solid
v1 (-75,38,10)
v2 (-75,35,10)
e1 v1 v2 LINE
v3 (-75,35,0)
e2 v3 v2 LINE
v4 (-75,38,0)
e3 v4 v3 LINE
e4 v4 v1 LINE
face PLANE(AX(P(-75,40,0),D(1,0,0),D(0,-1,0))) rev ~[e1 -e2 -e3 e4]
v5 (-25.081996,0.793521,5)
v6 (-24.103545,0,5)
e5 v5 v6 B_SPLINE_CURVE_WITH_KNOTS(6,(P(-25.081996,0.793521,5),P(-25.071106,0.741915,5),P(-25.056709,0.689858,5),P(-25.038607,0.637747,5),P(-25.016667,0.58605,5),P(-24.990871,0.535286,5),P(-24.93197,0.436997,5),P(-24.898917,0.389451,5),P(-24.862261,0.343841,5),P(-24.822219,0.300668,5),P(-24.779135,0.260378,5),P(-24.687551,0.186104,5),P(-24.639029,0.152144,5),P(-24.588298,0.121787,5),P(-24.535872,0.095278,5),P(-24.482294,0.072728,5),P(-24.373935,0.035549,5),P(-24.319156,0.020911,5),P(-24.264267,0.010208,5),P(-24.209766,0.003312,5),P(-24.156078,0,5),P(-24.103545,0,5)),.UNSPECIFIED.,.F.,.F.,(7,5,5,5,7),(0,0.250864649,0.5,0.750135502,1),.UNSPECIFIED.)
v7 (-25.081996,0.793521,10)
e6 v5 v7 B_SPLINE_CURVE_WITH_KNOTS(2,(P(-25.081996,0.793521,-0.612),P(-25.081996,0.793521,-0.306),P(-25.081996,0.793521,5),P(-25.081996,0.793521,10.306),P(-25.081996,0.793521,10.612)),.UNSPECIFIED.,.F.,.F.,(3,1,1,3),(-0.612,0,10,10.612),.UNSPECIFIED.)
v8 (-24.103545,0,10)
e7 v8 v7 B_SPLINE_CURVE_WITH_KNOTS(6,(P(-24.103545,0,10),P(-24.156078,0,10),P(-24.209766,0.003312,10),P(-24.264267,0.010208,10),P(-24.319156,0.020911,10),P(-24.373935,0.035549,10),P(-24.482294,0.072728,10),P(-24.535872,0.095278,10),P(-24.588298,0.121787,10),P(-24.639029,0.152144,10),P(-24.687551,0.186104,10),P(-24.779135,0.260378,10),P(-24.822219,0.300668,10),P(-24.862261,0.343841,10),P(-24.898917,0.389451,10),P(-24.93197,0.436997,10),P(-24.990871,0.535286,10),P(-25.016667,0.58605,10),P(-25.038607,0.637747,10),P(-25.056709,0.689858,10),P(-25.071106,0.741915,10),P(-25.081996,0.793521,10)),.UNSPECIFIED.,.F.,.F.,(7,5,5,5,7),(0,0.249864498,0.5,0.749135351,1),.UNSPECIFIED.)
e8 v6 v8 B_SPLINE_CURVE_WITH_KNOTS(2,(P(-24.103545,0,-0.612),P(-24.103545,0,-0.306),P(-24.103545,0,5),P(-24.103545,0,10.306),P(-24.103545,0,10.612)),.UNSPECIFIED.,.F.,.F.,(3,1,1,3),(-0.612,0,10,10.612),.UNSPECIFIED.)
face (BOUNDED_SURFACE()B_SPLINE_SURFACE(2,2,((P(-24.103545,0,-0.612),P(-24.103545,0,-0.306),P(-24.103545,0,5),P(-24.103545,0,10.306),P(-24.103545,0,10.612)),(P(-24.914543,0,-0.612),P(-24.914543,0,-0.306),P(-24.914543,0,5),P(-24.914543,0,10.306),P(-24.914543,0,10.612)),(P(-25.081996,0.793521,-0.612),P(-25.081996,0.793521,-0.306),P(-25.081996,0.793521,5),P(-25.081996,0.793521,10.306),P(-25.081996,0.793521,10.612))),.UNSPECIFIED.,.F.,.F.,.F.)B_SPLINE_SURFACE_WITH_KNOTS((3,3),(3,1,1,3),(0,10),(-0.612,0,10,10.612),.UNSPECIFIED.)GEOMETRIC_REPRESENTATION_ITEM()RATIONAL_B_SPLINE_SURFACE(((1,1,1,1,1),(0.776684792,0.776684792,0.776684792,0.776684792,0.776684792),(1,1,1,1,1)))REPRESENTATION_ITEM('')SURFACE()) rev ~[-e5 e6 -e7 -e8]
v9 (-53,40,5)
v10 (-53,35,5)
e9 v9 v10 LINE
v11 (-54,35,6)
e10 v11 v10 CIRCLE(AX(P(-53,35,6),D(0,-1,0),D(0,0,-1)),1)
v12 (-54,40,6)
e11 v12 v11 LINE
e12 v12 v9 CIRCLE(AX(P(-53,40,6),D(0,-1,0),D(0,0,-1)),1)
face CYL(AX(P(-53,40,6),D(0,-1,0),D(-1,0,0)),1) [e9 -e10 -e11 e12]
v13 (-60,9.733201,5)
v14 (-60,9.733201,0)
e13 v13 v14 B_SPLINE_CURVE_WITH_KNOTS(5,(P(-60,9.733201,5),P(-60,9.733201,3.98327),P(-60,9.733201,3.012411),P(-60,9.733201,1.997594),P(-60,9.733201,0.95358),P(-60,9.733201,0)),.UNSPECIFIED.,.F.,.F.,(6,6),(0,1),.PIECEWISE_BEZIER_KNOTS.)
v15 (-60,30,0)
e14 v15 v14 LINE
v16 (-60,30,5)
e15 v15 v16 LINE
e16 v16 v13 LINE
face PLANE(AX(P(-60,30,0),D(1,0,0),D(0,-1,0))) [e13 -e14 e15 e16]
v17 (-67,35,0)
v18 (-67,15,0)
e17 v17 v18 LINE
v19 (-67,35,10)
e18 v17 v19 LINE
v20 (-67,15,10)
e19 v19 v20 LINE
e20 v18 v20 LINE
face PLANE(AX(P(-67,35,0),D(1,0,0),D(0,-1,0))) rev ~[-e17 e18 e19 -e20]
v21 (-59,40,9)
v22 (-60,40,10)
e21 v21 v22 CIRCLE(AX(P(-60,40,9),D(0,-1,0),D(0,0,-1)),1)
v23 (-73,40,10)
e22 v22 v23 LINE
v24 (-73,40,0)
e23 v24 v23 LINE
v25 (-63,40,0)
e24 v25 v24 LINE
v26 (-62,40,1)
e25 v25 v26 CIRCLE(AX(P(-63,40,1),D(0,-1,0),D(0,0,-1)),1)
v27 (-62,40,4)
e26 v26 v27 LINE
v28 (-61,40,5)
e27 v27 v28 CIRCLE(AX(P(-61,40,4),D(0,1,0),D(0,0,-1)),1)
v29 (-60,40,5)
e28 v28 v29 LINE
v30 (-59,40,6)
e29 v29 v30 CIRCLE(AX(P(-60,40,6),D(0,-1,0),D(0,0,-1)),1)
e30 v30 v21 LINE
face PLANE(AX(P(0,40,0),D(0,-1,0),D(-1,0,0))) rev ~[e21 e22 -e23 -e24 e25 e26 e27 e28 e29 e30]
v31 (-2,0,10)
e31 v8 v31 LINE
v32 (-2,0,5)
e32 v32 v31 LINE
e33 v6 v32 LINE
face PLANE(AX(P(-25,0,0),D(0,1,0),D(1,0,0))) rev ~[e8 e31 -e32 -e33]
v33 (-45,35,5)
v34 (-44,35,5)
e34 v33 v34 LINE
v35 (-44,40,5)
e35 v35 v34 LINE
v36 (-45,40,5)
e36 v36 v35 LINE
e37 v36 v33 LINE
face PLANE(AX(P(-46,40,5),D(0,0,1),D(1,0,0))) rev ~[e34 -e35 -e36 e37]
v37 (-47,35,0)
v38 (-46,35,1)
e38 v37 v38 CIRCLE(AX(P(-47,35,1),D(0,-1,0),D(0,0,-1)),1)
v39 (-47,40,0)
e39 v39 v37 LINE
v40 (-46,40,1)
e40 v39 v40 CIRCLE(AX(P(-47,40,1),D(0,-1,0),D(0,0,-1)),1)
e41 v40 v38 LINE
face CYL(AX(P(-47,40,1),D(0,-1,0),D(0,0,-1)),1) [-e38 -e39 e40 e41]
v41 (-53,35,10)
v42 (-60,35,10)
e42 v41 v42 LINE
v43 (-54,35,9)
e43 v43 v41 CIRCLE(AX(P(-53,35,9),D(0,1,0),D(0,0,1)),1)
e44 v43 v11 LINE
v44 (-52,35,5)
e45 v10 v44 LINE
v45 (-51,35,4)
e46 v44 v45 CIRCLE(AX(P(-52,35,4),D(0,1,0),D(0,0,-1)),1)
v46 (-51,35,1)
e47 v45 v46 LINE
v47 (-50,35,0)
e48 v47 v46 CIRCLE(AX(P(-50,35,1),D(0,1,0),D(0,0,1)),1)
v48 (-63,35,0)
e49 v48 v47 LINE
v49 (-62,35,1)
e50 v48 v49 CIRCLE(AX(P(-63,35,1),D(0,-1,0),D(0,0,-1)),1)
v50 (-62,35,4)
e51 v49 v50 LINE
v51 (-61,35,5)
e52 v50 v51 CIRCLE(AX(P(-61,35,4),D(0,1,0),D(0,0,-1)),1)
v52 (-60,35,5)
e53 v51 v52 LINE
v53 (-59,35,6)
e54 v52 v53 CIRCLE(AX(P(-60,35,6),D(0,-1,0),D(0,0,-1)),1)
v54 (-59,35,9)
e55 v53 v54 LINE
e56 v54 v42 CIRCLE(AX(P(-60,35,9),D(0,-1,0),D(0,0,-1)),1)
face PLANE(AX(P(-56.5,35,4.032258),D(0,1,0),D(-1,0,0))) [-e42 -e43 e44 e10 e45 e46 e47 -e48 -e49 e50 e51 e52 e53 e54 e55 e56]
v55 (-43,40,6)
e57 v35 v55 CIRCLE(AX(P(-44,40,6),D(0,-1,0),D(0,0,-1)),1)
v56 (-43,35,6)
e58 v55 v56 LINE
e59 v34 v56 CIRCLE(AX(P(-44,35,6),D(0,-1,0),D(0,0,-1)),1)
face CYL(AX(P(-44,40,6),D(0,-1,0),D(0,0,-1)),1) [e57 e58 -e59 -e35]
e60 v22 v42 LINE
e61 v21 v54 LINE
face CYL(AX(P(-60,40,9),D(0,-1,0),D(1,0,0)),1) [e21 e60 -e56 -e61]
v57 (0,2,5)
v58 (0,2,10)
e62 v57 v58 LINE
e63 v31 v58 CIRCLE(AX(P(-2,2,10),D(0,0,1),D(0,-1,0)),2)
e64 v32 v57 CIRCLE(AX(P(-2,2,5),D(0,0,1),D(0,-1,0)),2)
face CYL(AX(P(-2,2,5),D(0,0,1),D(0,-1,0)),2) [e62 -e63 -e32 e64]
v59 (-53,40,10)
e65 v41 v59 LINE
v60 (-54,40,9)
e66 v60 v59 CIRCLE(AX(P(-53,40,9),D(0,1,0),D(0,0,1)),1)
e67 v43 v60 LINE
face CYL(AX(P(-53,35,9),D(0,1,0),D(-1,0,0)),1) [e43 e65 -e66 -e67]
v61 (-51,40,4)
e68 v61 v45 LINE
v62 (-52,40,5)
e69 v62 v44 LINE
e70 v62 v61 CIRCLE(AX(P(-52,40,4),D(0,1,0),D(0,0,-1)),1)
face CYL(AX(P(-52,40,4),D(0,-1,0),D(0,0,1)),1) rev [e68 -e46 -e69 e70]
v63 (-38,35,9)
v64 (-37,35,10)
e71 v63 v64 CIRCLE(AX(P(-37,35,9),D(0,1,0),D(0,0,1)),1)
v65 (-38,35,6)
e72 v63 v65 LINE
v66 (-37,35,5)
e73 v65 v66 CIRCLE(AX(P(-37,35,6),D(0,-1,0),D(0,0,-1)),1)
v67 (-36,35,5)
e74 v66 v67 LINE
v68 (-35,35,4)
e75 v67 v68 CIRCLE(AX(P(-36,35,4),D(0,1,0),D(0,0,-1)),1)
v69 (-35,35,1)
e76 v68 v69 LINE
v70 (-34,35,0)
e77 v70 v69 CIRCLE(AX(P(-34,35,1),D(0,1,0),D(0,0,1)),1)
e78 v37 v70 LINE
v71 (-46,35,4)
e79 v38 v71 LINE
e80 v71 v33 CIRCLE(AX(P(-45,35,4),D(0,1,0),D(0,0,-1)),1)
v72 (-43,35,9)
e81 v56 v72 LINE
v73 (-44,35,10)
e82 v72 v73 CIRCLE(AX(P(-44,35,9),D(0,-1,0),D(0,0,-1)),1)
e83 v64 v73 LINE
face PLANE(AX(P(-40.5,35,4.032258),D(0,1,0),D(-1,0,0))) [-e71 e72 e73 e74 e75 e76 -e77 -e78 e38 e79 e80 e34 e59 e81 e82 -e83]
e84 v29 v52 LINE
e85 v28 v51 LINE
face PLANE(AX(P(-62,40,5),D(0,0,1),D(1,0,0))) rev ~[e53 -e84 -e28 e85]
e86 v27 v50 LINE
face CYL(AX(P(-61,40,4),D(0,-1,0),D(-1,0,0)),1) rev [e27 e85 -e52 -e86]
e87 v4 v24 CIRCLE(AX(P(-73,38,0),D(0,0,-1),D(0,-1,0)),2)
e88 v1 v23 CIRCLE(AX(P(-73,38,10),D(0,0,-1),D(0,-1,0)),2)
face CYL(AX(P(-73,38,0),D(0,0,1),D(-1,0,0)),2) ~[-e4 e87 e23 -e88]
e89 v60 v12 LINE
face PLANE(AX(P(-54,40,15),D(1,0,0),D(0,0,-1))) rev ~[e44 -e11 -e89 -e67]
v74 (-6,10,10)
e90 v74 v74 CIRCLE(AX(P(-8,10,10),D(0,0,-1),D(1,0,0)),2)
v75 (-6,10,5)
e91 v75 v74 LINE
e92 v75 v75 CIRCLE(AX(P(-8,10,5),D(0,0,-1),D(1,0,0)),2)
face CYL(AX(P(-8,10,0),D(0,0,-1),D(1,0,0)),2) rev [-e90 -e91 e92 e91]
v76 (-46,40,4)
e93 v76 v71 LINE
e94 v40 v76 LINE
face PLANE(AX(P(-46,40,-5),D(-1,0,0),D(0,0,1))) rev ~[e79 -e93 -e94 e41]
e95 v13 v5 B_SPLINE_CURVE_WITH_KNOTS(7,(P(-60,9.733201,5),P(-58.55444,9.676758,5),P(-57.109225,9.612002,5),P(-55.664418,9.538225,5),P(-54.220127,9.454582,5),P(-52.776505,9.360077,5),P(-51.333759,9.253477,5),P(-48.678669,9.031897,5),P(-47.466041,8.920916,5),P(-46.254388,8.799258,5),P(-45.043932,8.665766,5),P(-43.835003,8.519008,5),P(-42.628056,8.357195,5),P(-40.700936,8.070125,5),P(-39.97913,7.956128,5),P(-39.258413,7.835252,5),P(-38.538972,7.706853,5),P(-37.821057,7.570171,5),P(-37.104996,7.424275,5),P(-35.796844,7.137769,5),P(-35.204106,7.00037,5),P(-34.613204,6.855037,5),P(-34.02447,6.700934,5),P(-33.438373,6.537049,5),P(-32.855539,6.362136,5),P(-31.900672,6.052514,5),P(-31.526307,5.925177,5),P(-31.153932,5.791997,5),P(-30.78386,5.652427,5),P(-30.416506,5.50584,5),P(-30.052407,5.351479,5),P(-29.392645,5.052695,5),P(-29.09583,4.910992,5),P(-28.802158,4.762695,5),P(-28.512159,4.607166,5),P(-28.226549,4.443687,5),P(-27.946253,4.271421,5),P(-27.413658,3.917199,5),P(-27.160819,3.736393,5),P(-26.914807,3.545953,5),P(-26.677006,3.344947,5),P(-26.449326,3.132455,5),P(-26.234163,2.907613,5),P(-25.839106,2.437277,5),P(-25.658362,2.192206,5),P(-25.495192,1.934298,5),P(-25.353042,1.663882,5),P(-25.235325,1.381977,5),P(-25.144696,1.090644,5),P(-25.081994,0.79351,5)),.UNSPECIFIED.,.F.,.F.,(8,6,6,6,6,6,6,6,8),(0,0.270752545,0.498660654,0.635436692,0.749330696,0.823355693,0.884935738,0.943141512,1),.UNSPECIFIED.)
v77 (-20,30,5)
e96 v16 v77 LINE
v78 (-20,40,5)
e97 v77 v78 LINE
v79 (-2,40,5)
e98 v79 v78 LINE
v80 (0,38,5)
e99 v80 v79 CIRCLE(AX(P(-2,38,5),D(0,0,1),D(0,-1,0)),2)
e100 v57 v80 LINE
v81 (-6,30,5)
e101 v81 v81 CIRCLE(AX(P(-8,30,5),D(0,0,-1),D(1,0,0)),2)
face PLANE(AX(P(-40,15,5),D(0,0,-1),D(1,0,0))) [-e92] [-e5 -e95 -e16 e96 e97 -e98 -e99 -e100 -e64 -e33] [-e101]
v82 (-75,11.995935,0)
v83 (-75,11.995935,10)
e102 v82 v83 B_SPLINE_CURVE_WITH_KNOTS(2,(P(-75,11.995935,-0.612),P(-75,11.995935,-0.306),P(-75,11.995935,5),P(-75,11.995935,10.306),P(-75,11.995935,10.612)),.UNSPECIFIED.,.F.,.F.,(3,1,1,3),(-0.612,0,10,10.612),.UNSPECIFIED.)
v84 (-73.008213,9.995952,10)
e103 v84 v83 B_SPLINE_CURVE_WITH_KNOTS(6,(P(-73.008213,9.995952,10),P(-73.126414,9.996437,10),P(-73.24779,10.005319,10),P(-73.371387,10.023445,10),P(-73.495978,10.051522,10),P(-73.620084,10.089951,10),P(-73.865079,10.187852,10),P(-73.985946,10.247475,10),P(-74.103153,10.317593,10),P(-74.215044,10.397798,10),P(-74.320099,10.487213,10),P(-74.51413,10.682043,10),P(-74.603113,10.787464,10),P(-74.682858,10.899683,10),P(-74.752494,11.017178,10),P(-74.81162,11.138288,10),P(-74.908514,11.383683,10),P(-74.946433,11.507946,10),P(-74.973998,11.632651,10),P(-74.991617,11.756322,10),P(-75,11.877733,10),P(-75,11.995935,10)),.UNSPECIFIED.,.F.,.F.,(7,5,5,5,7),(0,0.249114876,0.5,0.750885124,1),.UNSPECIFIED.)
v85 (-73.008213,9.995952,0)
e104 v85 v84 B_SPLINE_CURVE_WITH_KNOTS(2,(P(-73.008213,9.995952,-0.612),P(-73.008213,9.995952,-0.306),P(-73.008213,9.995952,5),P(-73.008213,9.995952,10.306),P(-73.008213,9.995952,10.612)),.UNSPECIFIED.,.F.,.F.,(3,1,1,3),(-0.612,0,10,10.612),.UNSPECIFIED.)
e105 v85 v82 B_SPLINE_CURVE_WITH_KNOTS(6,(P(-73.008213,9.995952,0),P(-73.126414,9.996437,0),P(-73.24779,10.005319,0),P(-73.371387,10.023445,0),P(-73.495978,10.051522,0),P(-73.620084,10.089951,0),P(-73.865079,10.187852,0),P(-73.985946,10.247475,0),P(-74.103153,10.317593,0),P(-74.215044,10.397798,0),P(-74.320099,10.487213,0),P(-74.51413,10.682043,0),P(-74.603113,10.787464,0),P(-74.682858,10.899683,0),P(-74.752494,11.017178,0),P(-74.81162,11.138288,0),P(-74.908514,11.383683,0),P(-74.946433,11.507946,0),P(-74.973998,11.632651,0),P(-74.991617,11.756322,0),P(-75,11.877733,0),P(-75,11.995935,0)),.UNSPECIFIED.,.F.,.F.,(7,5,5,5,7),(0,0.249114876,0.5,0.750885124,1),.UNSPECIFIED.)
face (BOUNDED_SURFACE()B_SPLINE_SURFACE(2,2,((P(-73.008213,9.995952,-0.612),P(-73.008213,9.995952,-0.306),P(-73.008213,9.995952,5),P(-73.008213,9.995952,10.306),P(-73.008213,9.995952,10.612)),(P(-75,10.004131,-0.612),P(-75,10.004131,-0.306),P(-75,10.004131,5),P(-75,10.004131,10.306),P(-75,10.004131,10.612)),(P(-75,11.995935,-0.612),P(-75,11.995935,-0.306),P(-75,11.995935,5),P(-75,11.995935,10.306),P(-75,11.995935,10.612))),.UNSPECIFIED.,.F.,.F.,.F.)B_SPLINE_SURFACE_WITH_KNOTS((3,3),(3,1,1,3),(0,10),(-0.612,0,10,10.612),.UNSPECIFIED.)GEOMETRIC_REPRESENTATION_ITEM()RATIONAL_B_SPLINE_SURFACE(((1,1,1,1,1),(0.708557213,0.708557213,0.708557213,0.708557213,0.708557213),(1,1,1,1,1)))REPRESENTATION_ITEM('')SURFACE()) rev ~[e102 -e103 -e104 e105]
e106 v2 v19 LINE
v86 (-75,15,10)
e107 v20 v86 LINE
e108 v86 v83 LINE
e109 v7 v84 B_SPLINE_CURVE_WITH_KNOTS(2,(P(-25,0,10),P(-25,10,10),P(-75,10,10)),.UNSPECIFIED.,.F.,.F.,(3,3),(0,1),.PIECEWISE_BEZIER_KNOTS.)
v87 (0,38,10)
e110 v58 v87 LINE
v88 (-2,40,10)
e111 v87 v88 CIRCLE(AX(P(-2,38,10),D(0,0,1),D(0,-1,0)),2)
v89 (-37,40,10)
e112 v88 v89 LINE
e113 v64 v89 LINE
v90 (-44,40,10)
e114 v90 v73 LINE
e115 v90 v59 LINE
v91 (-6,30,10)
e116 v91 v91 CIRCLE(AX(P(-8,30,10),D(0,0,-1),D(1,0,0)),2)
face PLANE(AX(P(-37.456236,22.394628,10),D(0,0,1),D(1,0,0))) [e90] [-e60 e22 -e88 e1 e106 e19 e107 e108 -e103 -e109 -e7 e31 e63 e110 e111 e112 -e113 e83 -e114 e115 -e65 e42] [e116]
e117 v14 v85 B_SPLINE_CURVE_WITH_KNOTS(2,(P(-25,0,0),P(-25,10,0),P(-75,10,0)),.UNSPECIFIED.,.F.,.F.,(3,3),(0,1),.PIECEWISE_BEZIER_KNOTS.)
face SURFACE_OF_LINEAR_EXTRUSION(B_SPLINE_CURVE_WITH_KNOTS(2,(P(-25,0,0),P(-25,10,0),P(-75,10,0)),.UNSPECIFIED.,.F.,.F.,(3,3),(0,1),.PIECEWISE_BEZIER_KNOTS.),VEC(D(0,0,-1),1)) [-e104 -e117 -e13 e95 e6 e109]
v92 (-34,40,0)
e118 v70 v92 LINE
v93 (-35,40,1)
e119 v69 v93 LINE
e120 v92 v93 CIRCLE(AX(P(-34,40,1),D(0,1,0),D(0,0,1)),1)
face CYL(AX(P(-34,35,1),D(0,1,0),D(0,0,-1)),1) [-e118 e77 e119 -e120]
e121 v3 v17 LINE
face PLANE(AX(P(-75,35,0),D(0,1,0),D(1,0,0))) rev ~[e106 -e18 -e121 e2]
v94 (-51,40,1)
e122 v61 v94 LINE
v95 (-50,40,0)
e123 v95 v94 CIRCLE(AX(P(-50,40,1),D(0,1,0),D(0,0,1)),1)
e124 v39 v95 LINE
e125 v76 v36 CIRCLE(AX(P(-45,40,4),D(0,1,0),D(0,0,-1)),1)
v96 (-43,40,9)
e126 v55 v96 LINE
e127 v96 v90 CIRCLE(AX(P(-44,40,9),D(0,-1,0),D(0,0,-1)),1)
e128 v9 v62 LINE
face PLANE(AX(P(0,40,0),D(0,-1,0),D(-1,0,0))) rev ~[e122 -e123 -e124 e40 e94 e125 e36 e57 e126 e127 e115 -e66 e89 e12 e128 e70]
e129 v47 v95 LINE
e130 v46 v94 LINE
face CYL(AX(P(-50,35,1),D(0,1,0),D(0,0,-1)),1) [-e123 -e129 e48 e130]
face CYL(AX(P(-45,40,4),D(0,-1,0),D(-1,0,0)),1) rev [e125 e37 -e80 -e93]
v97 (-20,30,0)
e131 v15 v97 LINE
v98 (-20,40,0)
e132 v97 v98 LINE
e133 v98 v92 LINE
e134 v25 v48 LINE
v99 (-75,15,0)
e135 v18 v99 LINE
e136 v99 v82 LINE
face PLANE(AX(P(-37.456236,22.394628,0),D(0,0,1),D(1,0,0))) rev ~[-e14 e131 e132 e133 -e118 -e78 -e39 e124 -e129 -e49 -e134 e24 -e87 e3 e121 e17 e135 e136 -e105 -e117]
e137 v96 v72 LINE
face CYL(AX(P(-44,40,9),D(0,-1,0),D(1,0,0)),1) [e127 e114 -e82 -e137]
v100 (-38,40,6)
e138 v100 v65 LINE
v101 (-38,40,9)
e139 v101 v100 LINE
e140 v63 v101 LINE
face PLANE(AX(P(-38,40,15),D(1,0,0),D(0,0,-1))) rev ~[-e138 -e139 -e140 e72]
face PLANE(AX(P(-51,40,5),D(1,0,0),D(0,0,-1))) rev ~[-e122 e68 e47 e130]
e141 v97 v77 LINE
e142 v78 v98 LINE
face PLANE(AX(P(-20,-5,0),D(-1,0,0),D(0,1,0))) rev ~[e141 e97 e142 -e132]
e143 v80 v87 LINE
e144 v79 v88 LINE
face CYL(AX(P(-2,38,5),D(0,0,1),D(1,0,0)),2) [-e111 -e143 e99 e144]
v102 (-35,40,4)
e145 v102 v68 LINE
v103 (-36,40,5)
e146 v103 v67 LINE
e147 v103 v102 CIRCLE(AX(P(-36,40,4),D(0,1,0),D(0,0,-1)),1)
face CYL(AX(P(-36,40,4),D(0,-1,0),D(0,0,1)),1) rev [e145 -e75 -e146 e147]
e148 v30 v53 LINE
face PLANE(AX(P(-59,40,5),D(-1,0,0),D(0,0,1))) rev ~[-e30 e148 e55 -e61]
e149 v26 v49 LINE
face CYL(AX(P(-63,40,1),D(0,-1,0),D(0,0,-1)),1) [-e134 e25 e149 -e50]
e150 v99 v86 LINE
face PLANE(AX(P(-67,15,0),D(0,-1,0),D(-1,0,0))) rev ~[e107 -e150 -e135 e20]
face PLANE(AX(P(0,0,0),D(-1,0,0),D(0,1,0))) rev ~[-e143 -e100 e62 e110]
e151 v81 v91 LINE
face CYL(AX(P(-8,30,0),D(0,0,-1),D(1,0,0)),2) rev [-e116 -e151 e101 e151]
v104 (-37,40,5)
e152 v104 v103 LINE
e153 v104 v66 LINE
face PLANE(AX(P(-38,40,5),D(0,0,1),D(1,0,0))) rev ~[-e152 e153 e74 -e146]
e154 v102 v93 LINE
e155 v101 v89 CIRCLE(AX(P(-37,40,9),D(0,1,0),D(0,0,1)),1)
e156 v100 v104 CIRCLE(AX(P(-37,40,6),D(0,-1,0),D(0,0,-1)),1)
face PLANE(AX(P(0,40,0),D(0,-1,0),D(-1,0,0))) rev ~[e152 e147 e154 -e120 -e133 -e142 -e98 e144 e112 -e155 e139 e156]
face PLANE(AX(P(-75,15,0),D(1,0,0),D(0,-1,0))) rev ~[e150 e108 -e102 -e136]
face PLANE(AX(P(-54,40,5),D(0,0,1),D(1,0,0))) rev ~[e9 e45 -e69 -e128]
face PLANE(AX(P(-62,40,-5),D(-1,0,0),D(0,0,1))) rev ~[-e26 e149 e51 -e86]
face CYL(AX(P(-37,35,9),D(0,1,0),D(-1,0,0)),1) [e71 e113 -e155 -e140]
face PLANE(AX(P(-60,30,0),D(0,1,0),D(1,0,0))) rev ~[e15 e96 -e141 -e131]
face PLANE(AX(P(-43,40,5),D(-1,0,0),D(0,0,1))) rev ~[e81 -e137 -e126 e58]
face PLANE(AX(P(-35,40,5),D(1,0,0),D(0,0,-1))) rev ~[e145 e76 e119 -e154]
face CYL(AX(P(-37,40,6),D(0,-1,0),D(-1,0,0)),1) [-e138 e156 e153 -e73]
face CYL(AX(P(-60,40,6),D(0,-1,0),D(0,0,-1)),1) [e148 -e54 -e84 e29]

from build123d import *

# Parameters (mm, degrees)
PAD_DEPTH       = 10
SKETCH001_W     = 25
SKETCH001_H     = 50
POCKET_DEPTH    = 5
SKETCH002_R     = 2
POCKET001_DEPTH = 12
FILLET_R        = 2
FILLET001_R     = 1
POCKET002_DEPTH = 5
SKETCH004_W     = 40
SKETCH004_H     = 30
POCKET003_DEPTH = 5
FILLET002_R     = 1
FILLET003_R     = 1


with BuildPart() as part:
    # Sketch → Pad (new body)
    with BuildSketch(Plane.XY):
        with BuildLine():
            Line((-25, 0), (0, 0))
            Line((0, 0), (0, 40))
            Line((0, 40), (-75, 40))
            Line((-75, 40), (-75, 35))
            Line((-75, 35), (-67, 35))
            Line((-67, 35), (-67, 15))
            Line((-67, 15), (-75, 15))
            Line((-75, 15), (-75, 10))
            add(Edge.make_bspline(
                [(-25, 0), (-25, 10), (-75, 10)],
                knots=[0, 0, 0, 1, 1, 1], degree=2))
        make_face()
    extrude(amount=PAD_DEPTH)

    # Sketch001 → Pocket (cut)
    with BuildSketch(Plane.XY):
        with Locations((-7.5, 20)):
            Rectangle(SKETCH001_W, SKETCH001_H)
    extrude(amount=POCKET_DEPTH, mode=Mode.SUBTRACT)

    # Sketch002 → Pocket001 (cut)
    with BuildSketch(Plane.XY):
        with Locations((-8, 30)):
            Circle(SKETCH002_R)
        with Locations((-8, 10)):
            Circle(SKETCH002_R)
    extrude(amount=POCKET001_DEPTH, mode=Mode.SUBTRACT)

    # Fillet
    fillet_edges = [part.edges().sort_by_distance(p)[0] for p in [
        (0, 40, 7.5),
        (0, 0, 7.5),
        (-75, 10, 5),
        (-75, 40, 5),
    ]]
    fillet(fillet_edges, radius=FILLET_R)

    # Fillet001
    fillet001_edges = [part.edges().sort_by_distance(p)[0] for p in [
        (-25, 0, 5),
    ]]
    fillet(fillet001_edges, radius=FILLET001_R)

    # Sketch003 (on Face13 of Fillet001) → Pocket002 (cut)
    with BuildSketch(Plane(origin=(0, 40, 0), x_dir=(-1, 0, 0), z_dir=(0, 1, 0))):
        Polygon((62, -5), (62, 5), (59, 5), (59, 15), (54, 15), (54, 5), (51, 5), (51, -5), align=None)
        Polygon((46, -5), (46, 5), (43, 5), (43, 15), (38, 15), (38, 5), (35, 5), (35, -5), align=None)
    extrude(amount=-POCKET002_DEPTH, mode=Mode.SUBTRACT)

    # Sketch004 (on Face5 of Pocket002) → Pocket003 (cut)
    with BuildSketch(Plane(origin=(0, 0, 0), x_dir=(1, 0, 0), z_dir=(0, 0, -1))):
        with Locations((-40, -15)):
            Rectangle(SKETCH004_W, SKETCH004_H)
    extrude(amount=-POCKET003_DEPTH, mode=Mode.SUBTRACT)

    # Fillet002
    fillet002_edges = [part.edges().sort_by_distance(p)[0] for p in [
        (-62, 37.5, 5),
        (-59, 37.5, 5),
        (-46, 37.5, 5),
        (-43, 37.5, 5),
        (-43, 37.5, 10),
        (-59, 37.5, 10),
        (-54, 37.5, 5),
        (-38, 37.5, 5),
        (-35, 37.5, 5),
        (-51, 37.5, 5),
        (-54, 37.5, 10),
        (-38, 37.5, 10),
    ]]
    fillet(fillet002_edges, radius=FILLET002_R)

    # Fillet003
    fillet003_edges = [part.edges().sort_by_distance(p)[0] for p in [
        (-35, 37.5, 0),
        (-46, 37.5, 0),
        (-51, 37.5, 0),
        (-62, 37.5, 0),
    ]]
    fillet(fillet003_edges, radius=FILLET003_R)


solid = part.part
